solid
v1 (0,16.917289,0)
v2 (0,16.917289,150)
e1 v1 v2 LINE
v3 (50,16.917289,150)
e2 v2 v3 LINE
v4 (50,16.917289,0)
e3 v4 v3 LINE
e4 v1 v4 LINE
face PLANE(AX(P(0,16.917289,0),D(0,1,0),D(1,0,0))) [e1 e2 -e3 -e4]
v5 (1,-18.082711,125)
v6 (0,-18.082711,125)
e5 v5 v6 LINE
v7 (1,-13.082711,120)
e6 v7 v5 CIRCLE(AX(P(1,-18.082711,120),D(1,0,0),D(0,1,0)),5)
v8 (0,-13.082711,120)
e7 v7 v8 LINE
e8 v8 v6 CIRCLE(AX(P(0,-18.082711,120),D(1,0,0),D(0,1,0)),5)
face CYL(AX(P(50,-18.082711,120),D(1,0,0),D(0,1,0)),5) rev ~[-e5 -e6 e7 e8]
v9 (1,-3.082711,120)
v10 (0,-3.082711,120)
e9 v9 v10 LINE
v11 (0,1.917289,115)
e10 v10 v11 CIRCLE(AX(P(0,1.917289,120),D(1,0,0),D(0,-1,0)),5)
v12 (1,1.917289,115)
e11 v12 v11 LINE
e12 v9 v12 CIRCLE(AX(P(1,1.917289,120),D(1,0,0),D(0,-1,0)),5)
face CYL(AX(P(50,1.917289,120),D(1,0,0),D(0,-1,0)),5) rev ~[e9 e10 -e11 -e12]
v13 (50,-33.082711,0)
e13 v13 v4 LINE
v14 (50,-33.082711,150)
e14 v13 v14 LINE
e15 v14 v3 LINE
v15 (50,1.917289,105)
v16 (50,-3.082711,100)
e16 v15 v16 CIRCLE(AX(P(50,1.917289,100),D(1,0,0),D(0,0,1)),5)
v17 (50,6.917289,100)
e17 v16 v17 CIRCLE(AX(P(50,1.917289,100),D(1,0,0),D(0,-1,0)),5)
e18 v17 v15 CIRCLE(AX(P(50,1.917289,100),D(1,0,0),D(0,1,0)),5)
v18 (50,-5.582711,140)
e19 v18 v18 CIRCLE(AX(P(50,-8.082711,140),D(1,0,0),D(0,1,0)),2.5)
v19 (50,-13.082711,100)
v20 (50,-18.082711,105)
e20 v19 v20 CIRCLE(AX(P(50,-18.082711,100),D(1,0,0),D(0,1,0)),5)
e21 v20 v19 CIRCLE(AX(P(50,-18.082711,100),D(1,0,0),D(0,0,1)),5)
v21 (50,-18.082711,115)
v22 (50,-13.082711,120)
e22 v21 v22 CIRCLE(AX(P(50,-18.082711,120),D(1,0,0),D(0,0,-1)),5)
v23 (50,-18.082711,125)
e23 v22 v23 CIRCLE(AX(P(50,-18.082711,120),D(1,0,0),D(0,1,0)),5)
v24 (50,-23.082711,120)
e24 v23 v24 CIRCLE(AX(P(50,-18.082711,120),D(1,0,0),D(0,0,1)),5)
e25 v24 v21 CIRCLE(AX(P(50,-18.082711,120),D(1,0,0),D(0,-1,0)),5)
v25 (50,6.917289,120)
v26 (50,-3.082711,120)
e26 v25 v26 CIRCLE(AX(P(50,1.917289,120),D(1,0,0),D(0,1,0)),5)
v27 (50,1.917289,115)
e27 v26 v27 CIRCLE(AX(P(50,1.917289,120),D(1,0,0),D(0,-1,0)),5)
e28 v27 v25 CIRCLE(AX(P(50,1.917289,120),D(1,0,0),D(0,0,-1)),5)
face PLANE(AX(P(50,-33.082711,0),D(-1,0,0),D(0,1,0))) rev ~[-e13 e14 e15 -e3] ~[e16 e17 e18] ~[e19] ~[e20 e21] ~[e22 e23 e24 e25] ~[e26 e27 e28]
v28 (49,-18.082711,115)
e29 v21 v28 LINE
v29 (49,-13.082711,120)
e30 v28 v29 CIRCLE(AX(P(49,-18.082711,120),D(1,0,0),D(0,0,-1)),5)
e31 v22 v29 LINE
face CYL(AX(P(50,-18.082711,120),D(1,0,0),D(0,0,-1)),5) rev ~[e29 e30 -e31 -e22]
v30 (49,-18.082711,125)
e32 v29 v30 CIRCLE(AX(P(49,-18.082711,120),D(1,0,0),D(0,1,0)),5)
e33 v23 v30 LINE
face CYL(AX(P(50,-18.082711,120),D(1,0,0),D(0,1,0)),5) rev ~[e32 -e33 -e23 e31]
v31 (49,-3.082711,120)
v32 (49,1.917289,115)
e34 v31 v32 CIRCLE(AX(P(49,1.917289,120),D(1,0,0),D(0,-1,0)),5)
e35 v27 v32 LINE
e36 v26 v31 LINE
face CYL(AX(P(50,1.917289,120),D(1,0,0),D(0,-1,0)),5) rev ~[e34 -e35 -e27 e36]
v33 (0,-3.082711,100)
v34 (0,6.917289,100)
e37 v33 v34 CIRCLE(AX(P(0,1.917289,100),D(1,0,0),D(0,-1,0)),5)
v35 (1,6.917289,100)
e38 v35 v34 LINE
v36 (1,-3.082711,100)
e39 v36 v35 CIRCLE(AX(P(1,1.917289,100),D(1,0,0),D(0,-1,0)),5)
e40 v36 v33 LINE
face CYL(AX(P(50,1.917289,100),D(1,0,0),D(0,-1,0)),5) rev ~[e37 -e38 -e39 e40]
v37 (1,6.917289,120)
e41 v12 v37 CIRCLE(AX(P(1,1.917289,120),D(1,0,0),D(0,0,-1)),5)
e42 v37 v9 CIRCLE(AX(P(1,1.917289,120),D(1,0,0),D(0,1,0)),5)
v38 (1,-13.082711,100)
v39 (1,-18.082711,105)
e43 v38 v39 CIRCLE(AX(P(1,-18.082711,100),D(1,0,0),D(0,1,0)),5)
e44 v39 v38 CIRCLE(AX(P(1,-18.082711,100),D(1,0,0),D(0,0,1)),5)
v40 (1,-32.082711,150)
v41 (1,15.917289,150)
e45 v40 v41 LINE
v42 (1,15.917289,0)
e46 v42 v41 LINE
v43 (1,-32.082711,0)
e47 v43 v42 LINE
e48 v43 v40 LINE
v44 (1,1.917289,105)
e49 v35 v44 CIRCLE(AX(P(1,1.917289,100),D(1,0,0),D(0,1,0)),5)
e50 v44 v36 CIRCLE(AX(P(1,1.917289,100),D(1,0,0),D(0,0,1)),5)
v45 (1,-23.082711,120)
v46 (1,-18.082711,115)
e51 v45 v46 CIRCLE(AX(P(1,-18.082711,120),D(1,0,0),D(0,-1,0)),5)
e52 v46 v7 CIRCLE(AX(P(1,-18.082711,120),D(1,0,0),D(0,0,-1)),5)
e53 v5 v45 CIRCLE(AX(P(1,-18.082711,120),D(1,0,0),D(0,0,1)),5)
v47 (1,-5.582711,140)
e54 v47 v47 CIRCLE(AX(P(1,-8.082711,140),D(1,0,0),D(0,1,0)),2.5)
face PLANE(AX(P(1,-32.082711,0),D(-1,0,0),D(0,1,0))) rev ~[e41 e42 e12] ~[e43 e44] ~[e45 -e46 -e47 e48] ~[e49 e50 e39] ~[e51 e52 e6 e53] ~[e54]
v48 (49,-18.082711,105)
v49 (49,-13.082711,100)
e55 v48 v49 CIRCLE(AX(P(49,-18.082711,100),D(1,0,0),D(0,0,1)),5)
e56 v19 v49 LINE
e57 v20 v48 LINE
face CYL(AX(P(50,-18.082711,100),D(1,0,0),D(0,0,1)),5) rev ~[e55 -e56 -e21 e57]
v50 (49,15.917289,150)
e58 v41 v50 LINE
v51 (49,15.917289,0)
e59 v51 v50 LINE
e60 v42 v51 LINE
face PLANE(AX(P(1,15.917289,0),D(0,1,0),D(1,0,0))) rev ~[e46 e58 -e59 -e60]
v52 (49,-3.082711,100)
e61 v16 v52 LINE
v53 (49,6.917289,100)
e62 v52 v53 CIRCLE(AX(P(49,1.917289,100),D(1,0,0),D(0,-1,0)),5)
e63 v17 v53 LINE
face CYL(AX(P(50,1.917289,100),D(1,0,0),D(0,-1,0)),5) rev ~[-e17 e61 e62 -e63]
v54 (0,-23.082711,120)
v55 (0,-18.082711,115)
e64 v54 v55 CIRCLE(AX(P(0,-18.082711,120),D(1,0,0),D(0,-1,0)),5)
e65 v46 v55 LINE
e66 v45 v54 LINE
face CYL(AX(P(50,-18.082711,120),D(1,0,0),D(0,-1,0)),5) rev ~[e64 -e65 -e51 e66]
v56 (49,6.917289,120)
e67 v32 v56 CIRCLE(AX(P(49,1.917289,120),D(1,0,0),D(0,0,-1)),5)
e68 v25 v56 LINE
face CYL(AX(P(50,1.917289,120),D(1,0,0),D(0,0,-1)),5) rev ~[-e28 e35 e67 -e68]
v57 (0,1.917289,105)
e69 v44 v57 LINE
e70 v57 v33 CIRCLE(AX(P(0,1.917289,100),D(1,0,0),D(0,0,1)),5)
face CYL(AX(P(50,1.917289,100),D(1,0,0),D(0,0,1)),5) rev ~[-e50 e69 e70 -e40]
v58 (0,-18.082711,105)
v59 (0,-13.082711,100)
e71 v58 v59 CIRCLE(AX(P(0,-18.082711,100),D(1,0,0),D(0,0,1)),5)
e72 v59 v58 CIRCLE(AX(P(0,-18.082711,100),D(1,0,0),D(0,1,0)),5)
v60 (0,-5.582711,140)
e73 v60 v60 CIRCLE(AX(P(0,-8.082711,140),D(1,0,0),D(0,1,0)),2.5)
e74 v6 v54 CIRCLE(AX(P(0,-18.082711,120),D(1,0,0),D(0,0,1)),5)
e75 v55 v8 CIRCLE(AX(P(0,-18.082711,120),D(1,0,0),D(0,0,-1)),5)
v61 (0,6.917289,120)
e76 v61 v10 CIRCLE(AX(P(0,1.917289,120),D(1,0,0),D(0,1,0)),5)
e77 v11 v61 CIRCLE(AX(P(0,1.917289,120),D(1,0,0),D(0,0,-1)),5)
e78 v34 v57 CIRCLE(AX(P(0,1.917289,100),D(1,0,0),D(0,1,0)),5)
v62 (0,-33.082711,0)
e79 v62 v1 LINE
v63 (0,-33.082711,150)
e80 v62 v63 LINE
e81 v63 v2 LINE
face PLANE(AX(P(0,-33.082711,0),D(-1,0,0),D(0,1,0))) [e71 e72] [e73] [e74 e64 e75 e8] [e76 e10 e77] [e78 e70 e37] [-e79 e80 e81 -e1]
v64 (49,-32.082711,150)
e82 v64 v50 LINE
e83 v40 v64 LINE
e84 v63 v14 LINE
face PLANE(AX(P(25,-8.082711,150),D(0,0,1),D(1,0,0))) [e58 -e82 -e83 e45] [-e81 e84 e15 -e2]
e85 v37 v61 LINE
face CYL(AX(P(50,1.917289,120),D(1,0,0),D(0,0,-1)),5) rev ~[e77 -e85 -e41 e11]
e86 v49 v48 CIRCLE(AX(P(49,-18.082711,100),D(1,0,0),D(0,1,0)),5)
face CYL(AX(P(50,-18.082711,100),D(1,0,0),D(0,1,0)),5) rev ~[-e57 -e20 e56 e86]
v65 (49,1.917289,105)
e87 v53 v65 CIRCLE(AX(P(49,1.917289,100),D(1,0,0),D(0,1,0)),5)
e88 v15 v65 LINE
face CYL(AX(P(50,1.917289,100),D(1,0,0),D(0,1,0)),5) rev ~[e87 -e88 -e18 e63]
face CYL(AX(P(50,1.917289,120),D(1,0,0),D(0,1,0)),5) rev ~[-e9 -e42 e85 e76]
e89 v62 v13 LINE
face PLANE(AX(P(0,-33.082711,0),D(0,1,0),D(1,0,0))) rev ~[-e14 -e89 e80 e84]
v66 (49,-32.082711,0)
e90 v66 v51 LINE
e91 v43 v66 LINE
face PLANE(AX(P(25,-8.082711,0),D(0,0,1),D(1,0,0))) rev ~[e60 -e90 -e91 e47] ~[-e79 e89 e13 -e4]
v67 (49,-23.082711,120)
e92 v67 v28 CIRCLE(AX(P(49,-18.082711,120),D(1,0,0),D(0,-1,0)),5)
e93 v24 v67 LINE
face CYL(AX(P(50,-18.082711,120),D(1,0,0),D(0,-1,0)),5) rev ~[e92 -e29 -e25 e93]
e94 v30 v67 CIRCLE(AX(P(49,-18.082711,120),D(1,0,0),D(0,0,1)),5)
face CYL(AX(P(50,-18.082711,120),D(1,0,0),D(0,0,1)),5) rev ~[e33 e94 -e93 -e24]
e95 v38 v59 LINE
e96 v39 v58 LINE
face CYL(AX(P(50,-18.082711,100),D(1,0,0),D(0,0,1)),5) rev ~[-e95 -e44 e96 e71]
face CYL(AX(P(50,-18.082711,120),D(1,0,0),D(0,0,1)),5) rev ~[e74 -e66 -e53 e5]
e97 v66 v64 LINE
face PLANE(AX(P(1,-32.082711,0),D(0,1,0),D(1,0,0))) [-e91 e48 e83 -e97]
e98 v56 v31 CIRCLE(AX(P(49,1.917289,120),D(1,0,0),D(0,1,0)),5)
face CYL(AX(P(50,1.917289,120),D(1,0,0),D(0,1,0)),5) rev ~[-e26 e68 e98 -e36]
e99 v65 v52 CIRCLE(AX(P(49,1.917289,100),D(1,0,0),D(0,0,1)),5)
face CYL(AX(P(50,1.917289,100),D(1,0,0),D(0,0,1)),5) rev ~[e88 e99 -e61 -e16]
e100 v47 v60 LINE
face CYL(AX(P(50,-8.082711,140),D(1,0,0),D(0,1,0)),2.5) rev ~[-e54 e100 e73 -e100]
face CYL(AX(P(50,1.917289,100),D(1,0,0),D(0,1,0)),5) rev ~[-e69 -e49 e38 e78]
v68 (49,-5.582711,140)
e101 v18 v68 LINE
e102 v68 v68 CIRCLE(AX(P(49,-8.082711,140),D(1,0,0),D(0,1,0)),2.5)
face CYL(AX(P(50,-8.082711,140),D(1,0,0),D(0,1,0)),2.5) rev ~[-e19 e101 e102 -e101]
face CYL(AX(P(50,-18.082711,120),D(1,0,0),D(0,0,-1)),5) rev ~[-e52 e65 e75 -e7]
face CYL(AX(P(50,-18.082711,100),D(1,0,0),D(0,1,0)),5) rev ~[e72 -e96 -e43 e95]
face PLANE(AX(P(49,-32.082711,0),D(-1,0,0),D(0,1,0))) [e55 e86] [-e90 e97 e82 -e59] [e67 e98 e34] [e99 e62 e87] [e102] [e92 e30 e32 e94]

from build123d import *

# Parameters (mm, degrees)
F0_W     = 50
F0_H     = 50
F0_W_2   = 48
F0_H_2   = 48
F1_DEPTH = 150
F2_R     = 2.5
F3_DEPTH = 50


with BuildPart() as f1:
    # F0 (on Top) → F1 (new body)
    with BuildSketch(Plane.XY):
        with Locations((25, -8.0827108582)):
            Rectangle(F0_W, F0_H)
        with Locations((25, -8.0827108582)):
            Rectangle(F0_W_2, F0_H_2, mode=Mode.SUBTRACT)
    extrude(amount=F1_DEPTH)

    # F2 (on face) → F3 (cut)
    with BuildSketch(Plane.YZ.offset(50)):
        with Locations((-8.0827108582, 140)):
            Circle(F2_R)
        with BuildLine():
            Line((1.9172891418, 120), (-3.0827108582, 120))
            ThreePointArc((-3.0827108582, 120), (-1.6182447641, 116.4644660941), (1.9172891418, 115))
            Line((1.9172891418, 115), (1.9172891418, 120))
        make_face()
        with BuildLine():
            ThreePointArc((6.9172891418, 120), (1.9172891418, 125), (-3.0827108582, 120))
            Line((-3.0827108582, 120), (1.9172891418, 120))
            Line((1.9172891418, 120), (1.9172891418, 115))
            ThreePointArc((1.9172891418, 115), (5.4528230478, 116.4644660941), (6.9172891418, 120))
        make_face()
        with BuildLine():
            ThreePointArc((-13.0827108582, 100), (-14.5471769522, 103.5355339059), (-18.0827108582, 105))
            Line((-18.0827108582, 105), (-18.0827108582, 100))
            Line((-18.0827108582, 100), (-13.0827108582, 100))
        make_face()
        with BuildLine():
            Line((-18.0827108582, 100), (-18.0827108582, 105))
            ThreePointArc((-18.0827108582, 105), (-21.6182447641, 96.4644660941), (-13.0827108582, 100))
            Line((-13.0827108582, 100), (-18.0827108582, 100))
        make_face()
        with BuildLine():
            Line((1.9172891418, 100), (1.9172891418, 105))
            ThreePointArc((1.9172891418, 105), (-1.6182447641, 103.5355339059), (-3.0827108582, 100))
            Line((-3.0827108582, 100), (1.9172891418, 100))
        make_face()
        with BuildLine():
            ThreePointArc((6.9172891418, 100), (5.4528230478, 103.5355339059), (1.9172891418, 105))
            Line((1.9172891418, 105), (1.9172891418, 100))
            Line((1.9172891418, 100), (-3.0827108582, 100))
            ThreePointArc((-3.0827108582, 100), (1.9172891418, 95), (6.9172891418, 100))
        make_face()
        with BuildLine():
            Line((-18.0827108582, 120), (-18.0827108582, 125))
            ThreePointArc((-18.0827108582, 125), (-21.6182447641, 123.5355339059), (-23.0827108582, 120))
            Line((-23.0827108582, 120), (-18.0827108582, 120))
        make_face()
        with BuildLine():
            Line((-18.0827108582, 120), (-23.0827108582, 120))
            ThreePointArc((-23.0827108582, 120), (-21.6182447641, 116.4644660941), (-18.0827108582, 115))
            Line((-18.0827108582, 115), (-18.0827108582, 120))
        make_face()
        with BuildLine():
            ThreePointArc((-13.0827108582, 120), (-14.5471769522, 123.5355339059), (-18.0827108582, 125))
            Line((-18.0827108582, 125), (-18.0827108582, 120))
            Line((-18.0827108582, 120), (-13.0827108582, 120))
        make_face()
        with BuildLine():
            Line((-13.0827108582, 120), (-18.0827108582, 120))
            Line((-18.0827108582, 120), (-18.0827108582, 115))
            ThreePointArc((-18.0827108582, 115), (-14.5471769522, 116.4644660941), (-13.0827108582, 120))
        make_face()
    extrude(amount=-F3_DEPTH, mode=Mode.SUBTRACT)


solid = f1.part
